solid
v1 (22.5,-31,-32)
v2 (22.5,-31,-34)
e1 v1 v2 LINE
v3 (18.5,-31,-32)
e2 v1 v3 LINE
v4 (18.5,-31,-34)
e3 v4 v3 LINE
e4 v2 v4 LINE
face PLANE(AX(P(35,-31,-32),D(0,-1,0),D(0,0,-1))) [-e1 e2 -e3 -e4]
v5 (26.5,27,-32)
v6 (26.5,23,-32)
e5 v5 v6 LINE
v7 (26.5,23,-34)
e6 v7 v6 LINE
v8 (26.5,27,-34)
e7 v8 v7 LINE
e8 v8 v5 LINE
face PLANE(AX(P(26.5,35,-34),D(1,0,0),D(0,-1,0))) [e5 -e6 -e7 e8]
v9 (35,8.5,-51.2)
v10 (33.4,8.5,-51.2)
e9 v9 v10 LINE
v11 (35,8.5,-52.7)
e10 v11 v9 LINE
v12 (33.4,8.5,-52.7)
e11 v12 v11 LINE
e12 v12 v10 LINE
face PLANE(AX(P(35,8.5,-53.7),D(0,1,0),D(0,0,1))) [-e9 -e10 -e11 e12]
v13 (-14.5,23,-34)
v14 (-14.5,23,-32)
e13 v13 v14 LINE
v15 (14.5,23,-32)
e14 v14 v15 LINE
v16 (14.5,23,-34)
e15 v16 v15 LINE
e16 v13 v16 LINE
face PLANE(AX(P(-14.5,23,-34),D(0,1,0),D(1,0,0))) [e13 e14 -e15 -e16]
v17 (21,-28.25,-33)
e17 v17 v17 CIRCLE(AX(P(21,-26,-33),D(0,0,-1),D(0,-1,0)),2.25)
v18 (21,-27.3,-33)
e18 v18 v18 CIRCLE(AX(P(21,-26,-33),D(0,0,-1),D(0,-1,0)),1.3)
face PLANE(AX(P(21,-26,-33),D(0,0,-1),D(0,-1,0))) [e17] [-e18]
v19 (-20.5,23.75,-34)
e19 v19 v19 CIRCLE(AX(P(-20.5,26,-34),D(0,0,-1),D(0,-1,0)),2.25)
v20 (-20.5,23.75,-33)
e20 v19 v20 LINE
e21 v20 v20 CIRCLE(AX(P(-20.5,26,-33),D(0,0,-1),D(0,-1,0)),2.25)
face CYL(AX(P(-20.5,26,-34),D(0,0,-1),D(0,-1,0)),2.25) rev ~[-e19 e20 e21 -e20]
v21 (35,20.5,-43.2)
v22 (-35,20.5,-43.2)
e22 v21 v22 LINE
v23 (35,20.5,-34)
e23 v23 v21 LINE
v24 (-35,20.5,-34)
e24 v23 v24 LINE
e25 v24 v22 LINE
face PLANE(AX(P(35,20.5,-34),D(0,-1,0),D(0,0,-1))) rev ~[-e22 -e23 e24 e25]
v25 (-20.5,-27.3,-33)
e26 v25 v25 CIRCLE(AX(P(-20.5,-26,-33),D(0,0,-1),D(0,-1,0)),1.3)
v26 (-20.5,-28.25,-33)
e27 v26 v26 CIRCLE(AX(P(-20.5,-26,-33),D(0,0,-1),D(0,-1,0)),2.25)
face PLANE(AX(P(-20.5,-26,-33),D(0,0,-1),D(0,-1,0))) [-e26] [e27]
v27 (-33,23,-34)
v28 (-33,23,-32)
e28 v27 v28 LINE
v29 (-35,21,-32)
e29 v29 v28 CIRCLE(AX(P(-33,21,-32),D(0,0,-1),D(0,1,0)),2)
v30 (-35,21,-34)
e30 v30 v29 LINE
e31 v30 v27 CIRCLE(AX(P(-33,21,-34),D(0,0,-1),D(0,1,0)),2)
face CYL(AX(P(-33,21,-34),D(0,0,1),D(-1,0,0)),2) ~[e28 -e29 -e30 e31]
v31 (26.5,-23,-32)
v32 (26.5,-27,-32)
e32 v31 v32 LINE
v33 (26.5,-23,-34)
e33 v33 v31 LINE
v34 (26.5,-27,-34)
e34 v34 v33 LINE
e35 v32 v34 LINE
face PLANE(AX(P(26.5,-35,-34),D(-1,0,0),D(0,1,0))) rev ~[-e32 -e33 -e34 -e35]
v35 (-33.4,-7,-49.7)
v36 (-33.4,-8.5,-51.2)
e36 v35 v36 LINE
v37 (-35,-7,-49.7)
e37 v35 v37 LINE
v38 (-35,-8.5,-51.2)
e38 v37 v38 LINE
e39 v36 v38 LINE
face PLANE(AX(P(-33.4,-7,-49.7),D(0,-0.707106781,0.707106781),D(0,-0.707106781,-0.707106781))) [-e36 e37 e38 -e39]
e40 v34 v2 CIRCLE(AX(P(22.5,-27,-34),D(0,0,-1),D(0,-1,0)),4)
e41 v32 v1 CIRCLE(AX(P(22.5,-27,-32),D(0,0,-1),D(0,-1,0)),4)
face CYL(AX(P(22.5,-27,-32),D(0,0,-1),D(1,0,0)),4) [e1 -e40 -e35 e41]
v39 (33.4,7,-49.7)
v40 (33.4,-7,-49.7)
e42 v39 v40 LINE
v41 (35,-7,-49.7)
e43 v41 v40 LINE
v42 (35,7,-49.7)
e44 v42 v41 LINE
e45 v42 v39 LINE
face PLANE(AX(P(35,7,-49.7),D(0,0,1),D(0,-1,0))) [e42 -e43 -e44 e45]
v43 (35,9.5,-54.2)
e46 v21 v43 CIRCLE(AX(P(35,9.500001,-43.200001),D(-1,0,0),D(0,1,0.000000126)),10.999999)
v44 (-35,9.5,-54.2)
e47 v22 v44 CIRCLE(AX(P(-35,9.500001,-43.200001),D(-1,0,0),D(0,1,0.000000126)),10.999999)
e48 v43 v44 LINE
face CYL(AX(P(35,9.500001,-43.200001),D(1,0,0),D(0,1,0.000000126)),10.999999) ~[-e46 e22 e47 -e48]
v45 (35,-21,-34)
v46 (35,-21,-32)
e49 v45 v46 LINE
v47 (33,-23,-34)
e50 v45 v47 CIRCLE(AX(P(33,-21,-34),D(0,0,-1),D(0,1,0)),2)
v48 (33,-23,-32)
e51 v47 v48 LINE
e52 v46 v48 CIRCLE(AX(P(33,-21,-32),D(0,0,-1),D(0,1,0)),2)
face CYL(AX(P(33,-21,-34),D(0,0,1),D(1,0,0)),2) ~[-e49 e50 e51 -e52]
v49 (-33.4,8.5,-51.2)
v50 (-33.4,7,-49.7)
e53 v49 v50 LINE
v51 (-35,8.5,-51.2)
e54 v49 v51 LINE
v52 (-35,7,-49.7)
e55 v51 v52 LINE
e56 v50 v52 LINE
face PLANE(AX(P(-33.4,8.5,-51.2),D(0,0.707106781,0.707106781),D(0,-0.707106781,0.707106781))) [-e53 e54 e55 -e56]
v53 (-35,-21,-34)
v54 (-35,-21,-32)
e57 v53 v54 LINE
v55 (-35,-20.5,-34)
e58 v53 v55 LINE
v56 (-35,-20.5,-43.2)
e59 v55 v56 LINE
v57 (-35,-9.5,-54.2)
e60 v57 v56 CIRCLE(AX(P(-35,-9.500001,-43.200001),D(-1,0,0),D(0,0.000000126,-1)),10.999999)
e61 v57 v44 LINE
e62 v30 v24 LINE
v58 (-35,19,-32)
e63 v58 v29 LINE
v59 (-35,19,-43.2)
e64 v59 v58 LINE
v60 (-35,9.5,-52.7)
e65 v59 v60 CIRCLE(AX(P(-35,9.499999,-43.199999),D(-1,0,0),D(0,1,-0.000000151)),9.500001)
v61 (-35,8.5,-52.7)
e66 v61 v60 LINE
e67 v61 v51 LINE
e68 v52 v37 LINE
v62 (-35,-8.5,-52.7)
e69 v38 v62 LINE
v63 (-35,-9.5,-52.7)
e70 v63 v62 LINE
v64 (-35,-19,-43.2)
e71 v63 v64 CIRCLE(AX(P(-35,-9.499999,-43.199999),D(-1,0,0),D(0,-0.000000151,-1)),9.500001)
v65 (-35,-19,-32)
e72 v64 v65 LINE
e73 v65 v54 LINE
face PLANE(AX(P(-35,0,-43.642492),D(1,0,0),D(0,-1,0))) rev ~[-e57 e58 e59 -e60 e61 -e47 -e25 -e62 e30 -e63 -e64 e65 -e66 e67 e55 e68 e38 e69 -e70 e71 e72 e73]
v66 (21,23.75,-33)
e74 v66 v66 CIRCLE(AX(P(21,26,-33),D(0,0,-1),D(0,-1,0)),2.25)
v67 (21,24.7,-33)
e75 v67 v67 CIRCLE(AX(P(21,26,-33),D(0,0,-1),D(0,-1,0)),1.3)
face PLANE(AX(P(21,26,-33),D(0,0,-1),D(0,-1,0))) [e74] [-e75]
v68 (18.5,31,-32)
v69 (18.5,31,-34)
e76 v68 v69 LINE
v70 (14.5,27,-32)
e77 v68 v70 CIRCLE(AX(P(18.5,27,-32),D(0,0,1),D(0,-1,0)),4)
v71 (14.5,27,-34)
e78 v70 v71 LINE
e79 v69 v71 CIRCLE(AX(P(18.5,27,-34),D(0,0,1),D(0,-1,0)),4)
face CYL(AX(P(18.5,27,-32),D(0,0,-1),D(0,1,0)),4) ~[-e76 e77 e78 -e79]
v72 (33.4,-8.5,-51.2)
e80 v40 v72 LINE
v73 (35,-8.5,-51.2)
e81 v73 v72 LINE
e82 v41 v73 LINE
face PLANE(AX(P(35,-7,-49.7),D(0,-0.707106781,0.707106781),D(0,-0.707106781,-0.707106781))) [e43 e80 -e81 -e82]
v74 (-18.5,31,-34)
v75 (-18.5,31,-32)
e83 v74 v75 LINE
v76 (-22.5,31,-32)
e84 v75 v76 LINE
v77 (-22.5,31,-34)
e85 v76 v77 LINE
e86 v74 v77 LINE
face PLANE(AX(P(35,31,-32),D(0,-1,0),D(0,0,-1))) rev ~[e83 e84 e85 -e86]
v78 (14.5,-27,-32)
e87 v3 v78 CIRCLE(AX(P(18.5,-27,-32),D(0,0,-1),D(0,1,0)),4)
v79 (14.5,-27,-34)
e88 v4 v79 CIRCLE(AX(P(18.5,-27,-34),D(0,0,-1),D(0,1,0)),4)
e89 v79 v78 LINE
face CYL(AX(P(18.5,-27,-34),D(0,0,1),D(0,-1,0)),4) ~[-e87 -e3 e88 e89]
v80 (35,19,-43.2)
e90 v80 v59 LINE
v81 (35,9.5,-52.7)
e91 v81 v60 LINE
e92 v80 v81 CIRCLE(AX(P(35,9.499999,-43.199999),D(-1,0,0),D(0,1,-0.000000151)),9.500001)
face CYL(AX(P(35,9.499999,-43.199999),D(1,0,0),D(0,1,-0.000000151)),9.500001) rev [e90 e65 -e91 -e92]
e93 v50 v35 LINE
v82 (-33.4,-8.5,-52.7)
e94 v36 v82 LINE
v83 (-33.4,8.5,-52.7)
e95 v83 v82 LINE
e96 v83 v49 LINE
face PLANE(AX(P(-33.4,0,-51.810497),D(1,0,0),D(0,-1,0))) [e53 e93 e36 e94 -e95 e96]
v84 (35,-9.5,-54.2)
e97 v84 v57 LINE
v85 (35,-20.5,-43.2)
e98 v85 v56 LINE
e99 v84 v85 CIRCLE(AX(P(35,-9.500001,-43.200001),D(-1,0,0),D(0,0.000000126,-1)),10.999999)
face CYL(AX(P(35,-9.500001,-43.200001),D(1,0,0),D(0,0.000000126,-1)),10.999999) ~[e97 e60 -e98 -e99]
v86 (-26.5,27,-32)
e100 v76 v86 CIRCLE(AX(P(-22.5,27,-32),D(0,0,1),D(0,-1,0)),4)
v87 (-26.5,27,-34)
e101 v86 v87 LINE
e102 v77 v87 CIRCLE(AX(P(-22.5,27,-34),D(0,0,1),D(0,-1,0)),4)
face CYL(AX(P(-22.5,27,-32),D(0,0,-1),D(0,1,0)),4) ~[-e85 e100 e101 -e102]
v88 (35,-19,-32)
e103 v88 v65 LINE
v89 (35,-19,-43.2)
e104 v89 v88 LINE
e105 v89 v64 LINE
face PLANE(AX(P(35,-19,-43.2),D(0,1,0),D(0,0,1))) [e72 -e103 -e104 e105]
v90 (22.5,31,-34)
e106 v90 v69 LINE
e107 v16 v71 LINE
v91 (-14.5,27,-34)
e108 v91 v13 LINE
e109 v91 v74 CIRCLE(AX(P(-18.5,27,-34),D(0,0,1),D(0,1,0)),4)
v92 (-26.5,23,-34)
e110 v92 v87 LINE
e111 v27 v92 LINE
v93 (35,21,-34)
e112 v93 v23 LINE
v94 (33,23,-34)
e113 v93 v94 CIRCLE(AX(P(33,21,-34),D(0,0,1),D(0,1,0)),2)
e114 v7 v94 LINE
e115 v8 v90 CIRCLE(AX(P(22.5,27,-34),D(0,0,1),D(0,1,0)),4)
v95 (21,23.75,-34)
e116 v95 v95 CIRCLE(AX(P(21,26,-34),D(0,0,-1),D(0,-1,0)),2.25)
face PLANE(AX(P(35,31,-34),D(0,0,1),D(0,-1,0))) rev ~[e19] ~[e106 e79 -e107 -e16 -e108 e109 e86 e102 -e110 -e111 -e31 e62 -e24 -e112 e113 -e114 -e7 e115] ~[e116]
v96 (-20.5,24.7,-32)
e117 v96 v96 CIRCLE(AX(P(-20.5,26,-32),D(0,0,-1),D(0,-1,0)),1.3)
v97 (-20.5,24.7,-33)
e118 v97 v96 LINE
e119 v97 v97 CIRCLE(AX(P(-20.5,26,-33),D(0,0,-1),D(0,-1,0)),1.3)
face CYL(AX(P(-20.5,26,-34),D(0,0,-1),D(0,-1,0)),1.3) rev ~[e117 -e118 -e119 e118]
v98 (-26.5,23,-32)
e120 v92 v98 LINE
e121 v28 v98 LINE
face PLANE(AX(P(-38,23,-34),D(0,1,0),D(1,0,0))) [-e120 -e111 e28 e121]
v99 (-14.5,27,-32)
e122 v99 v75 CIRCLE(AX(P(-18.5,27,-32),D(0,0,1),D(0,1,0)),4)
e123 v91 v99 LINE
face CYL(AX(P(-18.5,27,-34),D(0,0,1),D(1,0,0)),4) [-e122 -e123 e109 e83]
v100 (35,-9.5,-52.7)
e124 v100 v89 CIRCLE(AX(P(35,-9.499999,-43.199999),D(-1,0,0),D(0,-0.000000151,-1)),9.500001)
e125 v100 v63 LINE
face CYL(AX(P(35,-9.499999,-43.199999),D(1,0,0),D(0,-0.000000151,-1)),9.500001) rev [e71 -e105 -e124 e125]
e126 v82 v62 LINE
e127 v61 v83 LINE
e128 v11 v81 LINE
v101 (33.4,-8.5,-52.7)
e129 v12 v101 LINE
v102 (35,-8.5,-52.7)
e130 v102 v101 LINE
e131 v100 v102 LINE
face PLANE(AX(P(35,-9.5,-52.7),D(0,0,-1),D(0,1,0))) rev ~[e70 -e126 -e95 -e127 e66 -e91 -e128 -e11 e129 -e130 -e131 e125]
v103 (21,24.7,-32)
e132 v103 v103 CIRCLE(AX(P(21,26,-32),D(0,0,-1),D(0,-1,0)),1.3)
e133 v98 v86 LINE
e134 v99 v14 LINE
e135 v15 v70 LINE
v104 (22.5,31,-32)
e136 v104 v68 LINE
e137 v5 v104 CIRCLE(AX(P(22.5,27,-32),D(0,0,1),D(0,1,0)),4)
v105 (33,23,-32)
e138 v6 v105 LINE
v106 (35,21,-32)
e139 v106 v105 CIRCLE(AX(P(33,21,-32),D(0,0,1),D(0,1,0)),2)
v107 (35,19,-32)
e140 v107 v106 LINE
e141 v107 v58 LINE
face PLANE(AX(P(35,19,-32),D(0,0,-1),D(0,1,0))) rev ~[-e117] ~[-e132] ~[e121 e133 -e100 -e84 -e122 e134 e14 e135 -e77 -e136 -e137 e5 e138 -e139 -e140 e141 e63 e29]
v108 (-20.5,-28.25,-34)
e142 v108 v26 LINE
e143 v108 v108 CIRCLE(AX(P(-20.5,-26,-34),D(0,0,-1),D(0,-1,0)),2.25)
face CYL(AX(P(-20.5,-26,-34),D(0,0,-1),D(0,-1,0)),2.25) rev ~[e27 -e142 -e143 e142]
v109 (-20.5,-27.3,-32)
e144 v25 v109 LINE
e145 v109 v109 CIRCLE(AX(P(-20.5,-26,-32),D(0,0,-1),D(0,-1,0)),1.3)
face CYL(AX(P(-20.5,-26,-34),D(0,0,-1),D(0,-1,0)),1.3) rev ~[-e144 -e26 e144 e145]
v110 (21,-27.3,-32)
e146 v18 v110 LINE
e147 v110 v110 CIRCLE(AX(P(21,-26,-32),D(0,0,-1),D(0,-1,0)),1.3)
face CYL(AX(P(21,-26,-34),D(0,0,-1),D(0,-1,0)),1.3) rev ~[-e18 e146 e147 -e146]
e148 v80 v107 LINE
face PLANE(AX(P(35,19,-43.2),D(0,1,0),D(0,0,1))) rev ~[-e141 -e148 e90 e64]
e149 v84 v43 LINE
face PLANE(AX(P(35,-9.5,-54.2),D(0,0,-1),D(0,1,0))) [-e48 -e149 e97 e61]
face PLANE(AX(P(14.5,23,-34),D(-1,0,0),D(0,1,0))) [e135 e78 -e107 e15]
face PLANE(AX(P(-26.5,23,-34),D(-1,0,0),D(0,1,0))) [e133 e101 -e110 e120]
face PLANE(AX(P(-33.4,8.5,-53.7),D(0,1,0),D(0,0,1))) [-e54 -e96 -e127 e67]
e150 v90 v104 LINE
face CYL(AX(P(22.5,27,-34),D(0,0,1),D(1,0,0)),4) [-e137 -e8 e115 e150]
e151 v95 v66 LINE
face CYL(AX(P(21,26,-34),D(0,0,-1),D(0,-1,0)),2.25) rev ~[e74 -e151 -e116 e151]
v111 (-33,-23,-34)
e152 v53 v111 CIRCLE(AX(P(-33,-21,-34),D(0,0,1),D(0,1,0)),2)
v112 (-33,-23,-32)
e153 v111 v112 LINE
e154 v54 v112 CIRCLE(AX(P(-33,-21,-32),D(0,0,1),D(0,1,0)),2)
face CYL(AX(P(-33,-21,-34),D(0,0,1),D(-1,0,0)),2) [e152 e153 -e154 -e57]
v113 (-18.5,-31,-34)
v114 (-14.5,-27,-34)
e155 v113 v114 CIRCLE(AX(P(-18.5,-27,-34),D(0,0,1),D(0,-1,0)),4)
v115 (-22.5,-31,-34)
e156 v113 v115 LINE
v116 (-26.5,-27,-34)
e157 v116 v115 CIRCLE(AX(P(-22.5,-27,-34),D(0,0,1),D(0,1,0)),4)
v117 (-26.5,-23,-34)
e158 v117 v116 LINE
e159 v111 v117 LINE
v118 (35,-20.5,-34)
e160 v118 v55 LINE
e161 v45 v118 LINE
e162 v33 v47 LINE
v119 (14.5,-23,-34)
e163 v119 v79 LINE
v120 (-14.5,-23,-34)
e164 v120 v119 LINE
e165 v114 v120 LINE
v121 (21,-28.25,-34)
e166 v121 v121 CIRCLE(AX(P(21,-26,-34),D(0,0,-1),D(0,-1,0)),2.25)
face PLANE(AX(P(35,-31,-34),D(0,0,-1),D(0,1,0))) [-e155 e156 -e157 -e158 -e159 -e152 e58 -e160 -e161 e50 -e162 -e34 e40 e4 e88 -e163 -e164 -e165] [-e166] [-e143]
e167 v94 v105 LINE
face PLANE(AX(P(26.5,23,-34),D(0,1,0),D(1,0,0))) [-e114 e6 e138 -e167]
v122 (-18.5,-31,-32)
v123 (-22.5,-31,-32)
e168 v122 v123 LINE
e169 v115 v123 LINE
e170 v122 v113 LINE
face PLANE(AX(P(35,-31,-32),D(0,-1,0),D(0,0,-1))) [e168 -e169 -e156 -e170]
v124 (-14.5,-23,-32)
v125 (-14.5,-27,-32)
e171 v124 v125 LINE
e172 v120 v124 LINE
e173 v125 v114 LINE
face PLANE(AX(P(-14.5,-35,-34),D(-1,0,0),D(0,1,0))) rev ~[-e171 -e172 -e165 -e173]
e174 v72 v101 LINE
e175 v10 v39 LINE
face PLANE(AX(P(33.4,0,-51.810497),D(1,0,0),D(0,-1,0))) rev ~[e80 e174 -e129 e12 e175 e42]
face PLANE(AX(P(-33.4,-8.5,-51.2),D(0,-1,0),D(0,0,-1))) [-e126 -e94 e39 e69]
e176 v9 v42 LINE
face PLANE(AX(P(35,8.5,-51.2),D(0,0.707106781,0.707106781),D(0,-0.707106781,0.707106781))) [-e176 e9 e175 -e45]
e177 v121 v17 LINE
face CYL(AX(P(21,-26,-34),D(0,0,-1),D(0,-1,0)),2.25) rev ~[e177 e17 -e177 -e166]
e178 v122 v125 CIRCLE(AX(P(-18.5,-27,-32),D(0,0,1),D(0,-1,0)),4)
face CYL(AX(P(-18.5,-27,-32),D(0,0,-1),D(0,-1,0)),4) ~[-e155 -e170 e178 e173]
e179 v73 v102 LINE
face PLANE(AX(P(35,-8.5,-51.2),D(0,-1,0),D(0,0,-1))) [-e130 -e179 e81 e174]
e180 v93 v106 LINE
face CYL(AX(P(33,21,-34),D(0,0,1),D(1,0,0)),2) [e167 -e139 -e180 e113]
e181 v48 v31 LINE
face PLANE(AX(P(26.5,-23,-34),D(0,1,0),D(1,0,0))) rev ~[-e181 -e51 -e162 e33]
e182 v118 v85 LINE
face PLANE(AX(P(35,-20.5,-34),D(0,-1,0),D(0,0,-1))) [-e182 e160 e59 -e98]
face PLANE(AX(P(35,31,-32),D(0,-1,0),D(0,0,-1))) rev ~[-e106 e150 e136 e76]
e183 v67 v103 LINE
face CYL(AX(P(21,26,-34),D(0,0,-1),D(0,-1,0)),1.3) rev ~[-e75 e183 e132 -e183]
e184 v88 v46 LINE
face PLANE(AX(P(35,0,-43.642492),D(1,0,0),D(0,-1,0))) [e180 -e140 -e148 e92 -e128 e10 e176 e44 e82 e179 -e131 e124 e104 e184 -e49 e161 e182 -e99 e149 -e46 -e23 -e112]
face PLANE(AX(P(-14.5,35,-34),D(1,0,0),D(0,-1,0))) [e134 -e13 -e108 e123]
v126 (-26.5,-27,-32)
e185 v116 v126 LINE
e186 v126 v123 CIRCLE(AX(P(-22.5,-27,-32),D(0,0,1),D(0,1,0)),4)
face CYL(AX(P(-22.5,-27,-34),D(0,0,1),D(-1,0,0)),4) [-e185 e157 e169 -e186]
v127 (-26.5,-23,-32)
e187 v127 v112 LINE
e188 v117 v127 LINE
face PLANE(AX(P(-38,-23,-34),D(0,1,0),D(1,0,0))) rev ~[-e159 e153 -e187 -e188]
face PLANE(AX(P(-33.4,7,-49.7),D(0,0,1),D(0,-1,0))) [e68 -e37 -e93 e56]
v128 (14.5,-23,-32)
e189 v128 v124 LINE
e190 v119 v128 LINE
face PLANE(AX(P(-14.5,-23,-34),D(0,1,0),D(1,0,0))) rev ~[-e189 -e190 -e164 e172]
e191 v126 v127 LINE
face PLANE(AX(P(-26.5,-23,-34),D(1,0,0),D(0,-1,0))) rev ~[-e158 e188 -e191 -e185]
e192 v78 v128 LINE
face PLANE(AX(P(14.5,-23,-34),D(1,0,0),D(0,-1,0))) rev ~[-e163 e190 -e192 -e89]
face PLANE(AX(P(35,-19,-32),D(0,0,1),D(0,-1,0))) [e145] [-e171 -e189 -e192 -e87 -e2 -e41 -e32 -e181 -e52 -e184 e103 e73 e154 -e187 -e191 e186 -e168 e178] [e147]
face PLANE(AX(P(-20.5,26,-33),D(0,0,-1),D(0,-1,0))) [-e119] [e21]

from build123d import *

# Parameters (mm, degrees)
PAD006_DEPTH            = 70
POCKET014_DEPTH         = 2.001
SKETCH024_R             = 1.3
POCKET002_DEPTH         = 2.001
SKETCH025_R             = 2.25
POCKET015_DEPTH         = 1
PAD007_DEPTH            = 1.6
LINEARPATTERN_COUNT     = 2
LINEARPATTERN_PITCH     = 68.4
FILLET001_R             = 2
FILLET002_R             = 4
FILLET003_R             = 4
BODY002_PLACEMENT_ANGLE = 180


with BuildPart() as part:
    # Sketch022 → Pad006 (new body)
    with BuildSketch(Plane.YZ):
        with BuildLine():
            ThreePointArc((19, 11.2), (16.217514, 17.917514), (9.5, 20.7))
            Line((-9.5, 20.7), (9.5, 20.7))
            ThreePointArc((-9.5, 20.7), (-16.217514, 17.917514), (-19, 11.2))
            Line((-19, 11.2), (-19, 0))
            Line((-19, 0), (-31, 0))
            Line((-31, 0), (-31, 2))
            Line((-31, 2), (-20.5, 2))
            Line((-20.5, 2), (-20.5, 11.2))
            ThreePointArc((-9.5, 22.2), (-17.278175, 18.978175), (-20.5, 11.2))
            Line((-9.5, 22.2), (9.5, 22.2))
            ThreePointArc((20.5, 11.2), (17.278175, 18.978175), (9.5, 22.2))
            Line((20.5, 2), (20.5, 11.2))
            Line((31, 2), (20.5, 2))
            Line((31, 0), (31, 2))
            Line((19, 0), (31, 0))
            Line((19, 11.2), (19, 0))
        make_face()
    extrude(amount=PAD006_DEPTH)

    # Sketch023 (on Face13 of Pad006) → Pocket014 (cut, through all)
    with BuildSketch(Plane(origin=(0, 0, 2), x_dir=(0, -1, 0), z_dir=(0, 0, 1))):
        Polygon((23, 73), (23, 61.5), (35, 61.5), (35, 49.5), (23, 49.5), (23, 20.5), (35, 20.5), (35, 8.5), (23, 8.5), (23, -3), (46, -3), (46, 73), align=None)
        Polygon((-46, 73), (-23, 73), (-23, 61.5), (-35, 61.5), (-35, 49.5), (-23, 49.5), (-23, 20.5), (-35, 20.5), (-35, 8.5), (-23, 8.5), (-23, -3), (-46, -3), align=None)
    extrude(amount=-POCKET014_DEPTH, mode=Mode.SUBTRACT)

    # Sketch024 (on Face17 of Pocket014) → Pocket002 (cut, through all)
    with BuildSketch(Plane(origin=(0, 0, 2), x_dir=(0, -1, 0), z_dir=(0, 0, 1))):
        with Locations((26, 14)):
            Circle(SKETCH024_R)
        with Locations((-26, 14)):
            Circle(SKETCH024_R)
        with Locations((26, 55.5)):
            Circle(SKETCH024_R)
        with Locations((-26, 55.5)):
            Circle(SKETCH024_R)
    extrude(amount=-POCKET002_DEPTH, mode=Mode.SUBTRACT)

    # Sketch025 (on Face17 of Pocket002) → Pocket015 (cut)
    with BuildSketch(Plane(origin=(0, 0, 2), x_dir=(0, -1, 0), z_dir=(0, 0, 1))):
        with Locations((26, 55.5)):
            Circle(SKETCH025_R)
        with Locations((26, 14)):
            Circle(SKETCH025_R)
        with Locations((-26, 55.5)):
            Circle(SKETCH025_R)
        with Locations((-26, 14)):
            Circle(SKETCH025_R)
    extrude(amount=-POCKET015_DEPTH, mode=Mode.SUBTRACT)

    # Sketch026 → Pad007 (join)
    with BuildSketch(Plane.YZ):
        Polygon((-8.5, 21.7), (8.5, 21.7), (8.5, 19.2), (7, 17.7), (-7, 17.7), (-8.5, 19.2), align=None)
    pad007 = extrude(amount=PAD007_DEPTH)

    # LinearPattern: Pad007 ×2
    with Locations(*[(i * LINEARPATTERN_PITCH, 0, 0) for i in range(1, LINEARPATTERN_COUNT)]):
        add(pad007)

    # Fillet001
    fillet001_edges = [part.edges().sort_by_distance(p)[0] for p in [
        (70, 23, 1),
        (70, -23, 1),
        (0, -23, 1),
        (0, 23, 1),
    ]]
    fillet(fillet001_edges, radius=FILLET001_R)

    # Fillet002
    fillet002_edges = [part.edges().sort_by_distance(p)[0] for p in [
        (8.5, -31, 1),
        (20.5, -31, 1),
        (49.5, -31, 1),
        (61.5, -31, 1),
    ]]
    fillet(fillet002_edges, radius=FILLET002_R)

    # Fillet003
    fillet003_edges = [part.edges().sort_by_distance(p)[0] for p in [
        (61.5, 31, 1),
        (49.5, 31, 1),
        (20.5, 31, 1),
        (8.5, 31, 1),
    ]]
    fillet(fillet003_edges, radius=FILLET003_R)


with BuildPart() as part_1:
    # Body002 placement: moved
    add(part.part.moved(Location((35, 0, -32))).rotate(Axis((35, 0, -32), (0, 1, 0)), BODY002_PLACEMENT_ANGLE))


solid = part_1.part
